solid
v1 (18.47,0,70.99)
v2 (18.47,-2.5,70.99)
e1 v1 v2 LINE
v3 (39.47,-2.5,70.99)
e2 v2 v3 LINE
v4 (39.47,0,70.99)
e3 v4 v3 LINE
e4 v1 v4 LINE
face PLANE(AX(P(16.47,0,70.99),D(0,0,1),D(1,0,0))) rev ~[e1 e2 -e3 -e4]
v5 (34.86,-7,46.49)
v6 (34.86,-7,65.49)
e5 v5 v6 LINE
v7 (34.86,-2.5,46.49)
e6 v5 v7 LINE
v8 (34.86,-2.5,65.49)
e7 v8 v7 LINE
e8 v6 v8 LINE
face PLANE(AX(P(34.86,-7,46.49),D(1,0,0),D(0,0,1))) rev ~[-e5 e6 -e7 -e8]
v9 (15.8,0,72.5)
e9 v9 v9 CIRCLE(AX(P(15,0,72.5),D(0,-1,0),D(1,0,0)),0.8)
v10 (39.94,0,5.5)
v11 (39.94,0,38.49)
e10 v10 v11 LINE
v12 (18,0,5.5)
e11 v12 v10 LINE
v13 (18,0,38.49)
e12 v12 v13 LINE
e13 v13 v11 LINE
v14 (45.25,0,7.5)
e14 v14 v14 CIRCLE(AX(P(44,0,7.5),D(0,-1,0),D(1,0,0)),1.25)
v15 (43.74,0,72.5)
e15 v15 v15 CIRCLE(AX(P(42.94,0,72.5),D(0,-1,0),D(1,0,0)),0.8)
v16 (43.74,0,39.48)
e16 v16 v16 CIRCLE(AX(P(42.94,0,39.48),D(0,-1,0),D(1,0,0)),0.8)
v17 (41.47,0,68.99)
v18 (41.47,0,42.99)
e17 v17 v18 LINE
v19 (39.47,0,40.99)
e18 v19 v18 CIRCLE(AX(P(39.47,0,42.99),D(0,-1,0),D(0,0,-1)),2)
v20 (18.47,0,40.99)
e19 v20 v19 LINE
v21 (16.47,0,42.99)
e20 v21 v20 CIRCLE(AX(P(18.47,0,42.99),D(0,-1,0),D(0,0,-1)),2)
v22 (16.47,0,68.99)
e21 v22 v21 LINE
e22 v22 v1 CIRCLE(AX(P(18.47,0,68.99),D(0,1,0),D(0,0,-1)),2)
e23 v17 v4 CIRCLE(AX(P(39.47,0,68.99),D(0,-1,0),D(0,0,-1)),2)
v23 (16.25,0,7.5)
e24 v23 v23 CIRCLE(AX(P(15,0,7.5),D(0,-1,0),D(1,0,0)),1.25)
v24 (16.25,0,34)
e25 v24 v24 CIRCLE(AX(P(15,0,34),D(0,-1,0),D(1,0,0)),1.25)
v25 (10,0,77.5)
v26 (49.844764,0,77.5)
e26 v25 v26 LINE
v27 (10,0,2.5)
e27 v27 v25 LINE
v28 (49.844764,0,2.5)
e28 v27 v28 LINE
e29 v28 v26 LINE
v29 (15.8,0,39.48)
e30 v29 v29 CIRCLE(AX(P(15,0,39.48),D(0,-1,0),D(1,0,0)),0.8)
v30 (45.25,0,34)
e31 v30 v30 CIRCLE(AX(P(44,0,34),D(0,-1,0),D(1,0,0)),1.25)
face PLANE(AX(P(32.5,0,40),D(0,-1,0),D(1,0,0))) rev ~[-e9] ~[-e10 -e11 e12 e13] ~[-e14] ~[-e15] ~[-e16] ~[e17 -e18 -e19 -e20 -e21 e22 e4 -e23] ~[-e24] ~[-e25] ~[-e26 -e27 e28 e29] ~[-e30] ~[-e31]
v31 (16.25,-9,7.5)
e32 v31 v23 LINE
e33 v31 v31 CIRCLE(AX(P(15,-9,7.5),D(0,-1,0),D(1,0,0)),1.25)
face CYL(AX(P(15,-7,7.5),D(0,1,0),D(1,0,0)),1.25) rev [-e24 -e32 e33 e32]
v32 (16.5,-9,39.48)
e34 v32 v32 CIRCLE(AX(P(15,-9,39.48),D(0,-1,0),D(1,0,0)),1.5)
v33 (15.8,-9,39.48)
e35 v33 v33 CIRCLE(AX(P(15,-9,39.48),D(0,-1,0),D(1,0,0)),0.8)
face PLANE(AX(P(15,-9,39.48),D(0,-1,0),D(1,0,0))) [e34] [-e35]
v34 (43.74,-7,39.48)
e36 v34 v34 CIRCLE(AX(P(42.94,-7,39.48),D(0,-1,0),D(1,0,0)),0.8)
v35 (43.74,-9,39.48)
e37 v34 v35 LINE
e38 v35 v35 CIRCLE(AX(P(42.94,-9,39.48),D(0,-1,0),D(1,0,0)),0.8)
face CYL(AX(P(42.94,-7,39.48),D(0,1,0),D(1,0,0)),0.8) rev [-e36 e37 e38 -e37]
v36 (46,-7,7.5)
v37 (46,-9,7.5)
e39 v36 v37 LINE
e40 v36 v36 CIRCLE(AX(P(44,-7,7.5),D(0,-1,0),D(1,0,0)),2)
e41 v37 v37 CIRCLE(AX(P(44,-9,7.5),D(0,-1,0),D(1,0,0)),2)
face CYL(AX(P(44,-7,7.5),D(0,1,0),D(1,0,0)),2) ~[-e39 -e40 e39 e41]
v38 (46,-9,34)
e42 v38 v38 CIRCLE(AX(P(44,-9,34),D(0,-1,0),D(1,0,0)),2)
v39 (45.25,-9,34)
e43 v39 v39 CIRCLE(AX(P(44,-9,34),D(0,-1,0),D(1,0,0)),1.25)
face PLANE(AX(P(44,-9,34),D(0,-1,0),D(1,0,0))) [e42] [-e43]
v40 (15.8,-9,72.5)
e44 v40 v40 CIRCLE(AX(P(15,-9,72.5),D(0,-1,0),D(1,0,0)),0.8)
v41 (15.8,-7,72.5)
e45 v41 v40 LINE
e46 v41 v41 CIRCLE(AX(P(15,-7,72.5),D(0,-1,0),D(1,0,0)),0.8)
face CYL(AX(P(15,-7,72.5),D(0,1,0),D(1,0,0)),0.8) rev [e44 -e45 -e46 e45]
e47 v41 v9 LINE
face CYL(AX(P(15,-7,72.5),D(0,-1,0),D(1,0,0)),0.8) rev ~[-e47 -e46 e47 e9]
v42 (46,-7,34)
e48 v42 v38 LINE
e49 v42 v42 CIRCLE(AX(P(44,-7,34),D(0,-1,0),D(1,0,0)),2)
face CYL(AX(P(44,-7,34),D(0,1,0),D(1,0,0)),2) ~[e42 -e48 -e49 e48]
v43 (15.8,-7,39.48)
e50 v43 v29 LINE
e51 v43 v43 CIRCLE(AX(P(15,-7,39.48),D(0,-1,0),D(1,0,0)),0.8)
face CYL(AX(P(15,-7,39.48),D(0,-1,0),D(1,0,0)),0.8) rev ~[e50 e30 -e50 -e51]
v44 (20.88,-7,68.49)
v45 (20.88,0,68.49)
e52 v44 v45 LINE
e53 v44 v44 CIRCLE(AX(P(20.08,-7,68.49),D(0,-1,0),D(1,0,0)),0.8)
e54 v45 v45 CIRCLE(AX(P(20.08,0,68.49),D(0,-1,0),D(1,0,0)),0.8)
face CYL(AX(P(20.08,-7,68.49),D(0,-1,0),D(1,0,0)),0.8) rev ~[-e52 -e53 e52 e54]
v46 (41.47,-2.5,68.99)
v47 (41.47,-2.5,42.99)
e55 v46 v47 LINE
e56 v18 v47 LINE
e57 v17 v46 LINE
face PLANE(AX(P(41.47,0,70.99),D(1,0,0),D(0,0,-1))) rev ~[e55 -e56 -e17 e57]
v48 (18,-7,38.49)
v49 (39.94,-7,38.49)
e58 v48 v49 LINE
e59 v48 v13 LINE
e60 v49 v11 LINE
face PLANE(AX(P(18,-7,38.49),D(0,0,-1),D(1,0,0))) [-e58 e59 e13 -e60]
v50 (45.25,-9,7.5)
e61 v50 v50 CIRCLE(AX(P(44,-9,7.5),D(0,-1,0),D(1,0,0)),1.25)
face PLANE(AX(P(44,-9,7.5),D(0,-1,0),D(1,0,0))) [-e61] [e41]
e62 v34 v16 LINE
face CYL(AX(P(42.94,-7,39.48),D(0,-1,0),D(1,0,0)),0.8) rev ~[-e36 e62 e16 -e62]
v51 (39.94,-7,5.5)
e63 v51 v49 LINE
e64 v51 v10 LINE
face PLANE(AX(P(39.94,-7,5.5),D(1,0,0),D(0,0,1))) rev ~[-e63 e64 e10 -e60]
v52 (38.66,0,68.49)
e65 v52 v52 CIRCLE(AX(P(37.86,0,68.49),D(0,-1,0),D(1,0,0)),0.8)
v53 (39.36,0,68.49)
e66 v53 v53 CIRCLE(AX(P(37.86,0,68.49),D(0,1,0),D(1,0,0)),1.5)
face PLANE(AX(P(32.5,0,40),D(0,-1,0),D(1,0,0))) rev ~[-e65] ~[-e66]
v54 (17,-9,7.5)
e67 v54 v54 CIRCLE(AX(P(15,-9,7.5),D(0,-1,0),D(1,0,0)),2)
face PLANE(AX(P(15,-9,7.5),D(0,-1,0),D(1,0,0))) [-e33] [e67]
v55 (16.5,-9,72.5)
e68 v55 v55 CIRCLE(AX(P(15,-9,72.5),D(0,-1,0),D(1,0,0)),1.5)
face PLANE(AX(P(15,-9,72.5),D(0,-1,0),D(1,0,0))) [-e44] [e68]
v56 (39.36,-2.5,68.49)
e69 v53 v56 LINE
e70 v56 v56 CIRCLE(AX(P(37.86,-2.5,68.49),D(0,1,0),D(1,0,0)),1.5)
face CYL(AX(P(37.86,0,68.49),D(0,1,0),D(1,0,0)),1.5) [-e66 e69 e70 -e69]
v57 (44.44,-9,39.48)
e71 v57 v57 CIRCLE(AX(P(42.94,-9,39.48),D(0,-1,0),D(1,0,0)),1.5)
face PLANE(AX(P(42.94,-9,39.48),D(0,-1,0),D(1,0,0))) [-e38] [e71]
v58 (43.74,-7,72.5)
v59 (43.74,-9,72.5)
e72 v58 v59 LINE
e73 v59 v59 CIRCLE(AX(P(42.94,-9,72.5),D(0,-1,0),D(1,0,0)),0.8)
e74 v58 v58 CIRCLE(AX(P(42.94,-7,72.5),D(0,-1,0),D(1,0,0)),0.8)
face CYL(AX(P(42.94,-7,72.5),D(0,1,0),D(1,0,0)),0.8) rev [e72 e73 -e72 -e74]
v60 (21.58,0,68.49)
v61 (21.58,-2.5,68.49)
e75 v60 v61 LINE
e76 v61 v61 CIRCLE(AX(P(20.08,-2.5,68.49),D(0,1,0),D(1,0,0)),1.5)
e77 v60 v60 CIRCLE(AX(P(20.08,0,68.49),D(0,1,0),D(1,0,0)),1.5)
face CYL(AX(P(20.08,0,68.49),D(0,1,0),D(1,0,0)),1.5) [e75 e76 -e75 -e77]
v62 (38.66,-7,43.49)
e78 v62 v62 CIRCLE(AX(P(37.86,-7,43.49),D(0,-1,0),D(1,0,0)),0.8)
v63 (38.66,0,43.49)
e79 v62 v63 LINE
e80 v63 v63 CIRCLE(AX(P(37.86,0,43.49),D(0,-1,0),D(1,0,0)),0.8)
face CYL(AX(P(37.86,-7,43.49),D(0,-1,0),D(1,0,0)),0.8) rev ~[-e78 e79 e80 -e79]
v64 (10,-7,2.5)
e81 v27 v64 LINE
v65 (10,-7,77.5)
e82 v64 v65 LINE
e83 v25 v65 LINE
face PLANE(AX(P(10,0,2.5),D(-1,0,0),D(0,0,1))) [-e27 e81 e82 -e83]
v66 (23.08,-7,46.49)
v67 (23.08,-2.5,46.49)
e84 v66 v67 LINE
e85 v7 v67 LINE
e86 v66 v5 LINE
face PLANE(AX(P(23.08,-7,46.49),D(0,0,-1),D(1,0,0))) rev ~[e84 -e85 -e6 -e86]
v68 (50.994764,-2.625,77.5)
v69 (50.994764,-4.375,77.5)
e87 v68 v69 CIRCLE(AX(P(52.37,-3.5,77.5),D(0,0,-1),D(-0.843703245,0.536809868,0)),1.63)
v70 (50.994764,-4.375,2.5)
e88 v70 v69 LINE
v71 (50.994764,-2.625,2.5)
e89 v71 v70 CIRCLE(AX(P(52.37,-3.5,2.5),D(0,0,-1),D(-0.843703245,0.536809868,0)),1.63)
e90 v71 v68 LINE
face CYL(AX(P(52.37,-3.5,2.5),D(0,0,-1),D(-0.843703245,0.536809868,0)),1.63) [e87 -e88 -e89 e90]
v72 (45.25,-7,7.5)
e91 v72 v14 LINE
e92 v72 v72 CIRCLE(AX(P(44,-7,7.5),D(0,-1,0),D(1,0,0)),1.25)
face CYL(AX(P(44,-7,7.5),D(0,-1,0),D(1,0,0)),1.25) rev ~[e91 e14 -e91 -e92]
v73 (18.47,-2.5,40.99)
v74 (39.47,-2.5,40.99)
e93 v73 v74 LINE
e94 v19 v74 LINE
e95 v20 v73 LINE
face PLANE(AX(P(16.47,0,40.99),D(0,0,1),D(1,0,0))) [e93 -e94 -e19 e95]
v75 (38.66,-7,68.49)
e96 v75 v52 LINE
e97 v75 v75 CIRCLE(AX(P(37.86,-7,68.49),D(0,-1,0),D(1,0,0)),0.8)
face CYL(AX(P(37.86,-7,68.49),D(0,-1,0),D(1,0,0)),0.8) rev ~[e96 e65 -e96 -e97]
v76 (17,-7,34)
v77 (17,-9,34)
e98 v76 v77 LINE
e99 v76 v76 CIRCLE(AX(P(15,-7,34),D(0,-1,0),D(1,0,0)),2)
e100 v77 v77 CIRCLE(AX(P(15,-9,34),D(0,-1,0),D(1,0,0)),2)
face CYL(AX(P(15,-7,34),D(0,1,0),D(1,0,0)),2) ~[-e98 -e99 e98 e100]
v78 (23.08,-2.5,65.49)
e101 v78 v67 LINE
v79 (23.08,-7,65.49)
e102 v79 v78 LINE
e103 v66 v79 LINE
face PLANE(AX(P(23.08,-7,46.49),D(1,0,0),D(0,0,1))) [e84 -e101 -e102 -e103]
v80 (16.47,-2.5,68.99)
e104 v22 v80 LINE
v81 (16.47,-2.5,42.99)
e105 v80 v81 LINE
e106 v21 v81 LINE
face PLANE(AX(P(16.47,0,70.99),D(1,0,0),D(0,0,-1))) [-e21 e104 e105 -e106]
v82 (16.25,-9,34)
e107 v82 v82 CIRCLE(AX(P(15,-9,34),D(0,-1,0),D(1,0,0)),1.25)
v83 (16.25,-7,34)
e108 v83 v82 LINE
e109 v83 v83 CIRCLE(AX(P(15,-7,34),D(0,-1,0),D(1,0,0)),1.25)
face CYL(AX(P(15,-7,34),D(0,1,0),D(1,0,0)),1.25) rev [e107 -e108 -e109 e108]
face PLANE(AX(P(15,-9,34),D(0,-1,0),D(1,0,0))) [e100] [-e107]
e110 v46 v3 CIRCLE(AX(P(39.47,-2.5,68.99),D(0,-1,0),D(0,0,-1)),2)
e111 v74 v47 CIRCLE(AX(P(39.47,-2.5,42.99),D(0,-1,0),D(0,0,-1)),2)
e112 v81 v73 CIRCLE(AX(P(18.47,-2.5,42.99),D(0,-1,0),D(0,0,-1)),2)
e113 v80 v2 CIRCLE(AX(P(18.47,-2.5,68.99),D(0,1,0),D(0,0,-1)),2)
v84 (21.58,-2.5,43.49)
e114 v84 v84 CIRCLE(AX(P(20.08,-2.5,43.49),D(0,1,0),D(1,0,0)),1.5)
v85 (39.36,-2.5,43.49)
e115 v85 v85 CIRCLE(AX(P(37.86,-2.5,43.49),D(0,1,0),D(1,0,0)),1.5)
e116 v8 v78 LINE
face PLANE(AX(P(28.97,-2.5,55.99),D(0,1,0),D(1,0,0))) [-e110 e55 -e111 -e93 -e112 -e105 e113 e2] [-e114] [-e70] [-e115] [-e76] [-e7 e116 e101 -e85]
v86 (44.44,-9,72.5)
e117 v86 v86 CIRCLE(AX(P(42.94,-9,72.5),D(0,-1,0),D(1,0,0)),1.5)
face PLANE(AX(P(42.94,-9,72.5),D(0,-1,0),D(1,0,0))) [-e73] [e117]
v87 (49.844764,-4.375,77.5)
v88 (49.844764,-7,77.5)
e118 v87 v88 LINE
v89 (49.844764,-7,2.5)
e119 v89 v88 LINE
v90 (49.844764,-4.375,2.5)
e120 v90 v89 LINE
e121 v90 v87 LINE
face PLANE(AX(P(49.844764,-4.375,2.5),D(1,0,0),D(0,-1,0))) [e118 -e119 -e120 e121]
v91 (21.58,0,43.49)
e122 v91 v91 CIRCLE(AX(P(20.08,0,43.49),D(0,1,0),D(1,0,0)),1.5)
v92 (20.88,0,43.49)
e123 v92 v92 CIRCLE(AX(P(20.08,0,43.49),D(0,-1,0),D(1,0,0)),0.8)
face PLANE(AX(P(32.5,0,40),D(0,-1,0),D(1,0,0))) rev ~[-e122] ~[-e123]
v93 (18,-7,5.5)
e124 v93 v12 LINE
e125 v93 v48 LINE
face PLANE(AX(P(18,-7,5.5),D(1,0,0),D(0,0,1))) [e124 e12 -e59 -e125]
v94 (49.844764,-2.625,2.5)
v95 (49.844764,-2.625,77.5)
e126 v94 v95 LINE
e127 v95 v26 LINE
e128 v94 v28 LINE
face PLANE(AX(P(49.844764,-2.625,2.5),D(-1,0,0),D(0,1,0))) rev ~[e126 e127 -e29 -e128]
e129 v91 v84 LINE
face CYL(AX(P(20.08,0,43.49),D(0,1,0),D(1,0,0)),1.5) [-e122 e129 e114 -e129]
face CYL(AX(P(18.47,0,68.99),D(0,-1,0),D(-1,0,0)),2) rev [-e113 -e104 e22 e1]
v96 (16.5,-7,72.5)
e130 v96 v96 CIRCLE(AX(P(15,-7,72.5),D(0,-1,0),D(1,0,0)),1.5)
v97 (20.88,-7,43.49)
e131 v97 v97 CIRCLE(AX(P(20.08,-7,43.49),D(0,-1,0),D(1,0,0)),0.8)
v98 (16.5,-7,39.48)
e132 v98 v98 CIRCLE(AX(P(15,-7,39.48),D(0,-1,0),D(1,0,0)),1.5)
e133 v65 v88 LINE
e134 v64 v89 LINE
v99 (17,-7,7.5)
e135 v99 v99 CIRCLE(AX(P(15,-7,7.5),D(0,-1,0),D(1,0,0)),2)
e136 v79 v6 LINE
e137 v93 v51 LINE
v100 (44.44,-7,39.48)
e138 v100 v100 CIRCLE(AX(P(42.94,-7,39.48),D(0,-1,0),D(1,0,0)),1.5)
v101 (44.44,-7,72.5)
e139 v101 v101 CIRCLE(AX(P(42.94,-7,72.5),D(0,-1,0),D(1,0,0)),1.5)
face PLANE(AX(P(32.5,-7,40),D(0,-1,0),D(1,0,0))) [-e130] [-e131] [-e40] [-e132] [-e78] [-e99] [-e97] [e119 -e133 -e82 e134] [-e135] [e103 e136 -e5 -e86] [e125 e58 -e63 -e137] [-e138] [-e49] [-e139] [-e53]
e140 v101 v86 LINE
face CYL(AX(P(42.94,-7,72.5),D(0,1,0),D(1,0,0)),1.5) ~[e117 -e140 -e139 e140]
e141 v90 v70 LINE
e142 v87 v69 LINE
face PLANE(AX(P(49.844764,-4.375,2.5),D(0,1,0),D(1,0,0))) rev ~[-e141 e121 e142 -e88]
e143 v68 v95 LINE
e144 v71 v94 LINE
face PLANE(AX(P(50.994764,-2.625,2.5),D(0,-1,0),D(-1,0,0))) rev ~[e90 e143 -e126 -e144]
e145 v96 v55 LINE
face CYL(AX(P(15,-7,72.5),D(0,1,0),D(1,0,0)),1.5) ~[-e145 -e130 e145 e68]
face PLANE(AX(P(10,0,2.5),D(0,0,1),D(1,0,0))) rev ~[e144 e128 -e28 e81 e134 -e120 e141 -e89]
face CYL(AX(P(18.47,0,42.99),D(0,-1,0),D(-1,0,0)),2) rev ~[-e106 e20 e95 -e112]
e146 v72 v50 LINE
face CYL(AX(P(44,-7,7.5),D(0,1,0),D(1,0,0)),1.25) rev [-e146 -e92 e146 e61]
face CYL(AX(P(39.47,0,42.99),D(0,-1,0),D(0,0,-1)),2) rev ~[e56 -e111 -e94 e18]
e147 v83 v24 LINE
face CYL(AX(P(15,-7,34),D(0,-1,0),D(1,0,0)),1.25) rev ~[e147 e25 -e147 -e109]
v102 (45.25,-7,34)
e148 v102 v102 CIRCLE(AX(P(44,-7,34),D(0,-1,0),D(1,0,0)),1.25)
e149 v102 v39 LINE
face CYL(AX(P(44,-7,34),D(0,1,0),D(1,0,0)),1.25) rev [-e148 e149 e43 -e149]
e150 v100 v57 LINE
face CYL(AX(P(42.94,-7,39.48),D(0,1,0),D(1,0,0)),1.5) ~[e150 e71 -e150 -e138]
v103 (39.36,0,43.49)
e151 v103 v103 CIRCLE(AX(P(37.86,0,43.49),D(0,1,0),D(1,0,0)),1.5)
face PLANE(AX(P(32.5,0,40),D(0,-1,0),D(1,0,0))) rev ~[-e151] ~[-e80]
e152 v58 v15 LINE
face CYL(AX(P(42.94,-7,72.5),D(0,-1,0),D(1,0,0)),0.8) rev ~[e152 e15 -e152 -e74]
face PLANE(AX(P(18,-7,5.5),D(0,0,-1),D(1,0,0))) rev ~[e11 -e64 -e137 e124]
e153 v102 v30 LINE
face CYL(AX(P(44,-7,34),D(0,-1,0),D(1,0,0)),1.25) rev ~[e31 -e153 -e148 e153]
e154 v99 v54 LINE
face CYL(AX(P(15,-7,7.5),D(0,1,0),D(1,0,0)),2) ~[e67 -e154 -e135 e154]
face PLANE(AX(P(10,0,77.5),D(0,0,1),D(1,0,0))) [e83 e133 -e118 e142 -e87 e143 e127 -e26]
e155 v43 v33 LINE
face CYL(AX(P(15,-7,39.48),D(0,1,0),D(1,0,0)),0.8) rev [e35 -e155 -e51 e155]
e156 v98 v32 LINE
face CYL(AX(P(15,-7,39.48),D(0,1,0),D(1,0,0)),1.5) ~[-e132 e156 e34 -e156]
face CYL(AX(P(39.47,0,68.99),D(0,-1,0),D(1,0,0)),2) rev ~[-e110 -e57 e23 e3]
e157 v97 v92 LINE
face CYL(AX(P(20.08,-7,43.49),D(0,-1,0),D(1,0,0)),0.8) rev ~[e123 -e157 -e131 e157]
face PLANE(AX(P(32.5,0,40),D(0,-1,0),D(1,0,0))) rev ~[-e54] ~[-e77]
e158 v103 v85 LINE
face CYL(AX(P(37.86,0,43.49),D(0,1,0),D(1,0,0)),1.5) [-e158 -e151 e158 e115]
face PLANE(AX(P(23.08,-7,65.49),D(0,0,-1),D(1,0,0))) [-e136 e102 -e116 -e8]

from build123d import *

# Parameters (mm, degrees)
SKETCH003_W     = 45
SKETCH003_H     = 75
PAD001_DEPTH    = 7
SKETCH004_R     = 0.8
SKETCH004_R_2   = 1.25
POCKET_DEPTH    = 7
POCKET002_DEPTH = 75
SKETCH007_R     = 2
SKETCH007_R_2   = 1.25
SKETCH007_R_3   = 1.5
SKETCH007_R_4   = 0.8
PAD002_DEPTH    = 2
SKETCH008_W     = 25
SKETCH008_H     = 30
SKETCH008_R     = 1.5
POCKET003_DEPTH = 2.5
FILLET_R        = 2
SKETCH009_W     = 11.78
SKETCH009_H     = 19
SKETCH009_W_2   = 21.94
SKETCH009_H_2   = 32.99
POCKET004_DEPTH = 7


with BuildPart() as part:
    # Sketch003 → Pad001 (new body)
    with BuildSketch(Plane.XZ):
        with Locations((32.5, 40)):
            Rectangle(SKETCH003_W, SKETCH003_H)
    extrude(amount=PAD001_DEPTH)

    # Sketch004 (on Face6 of Pad001) → Pocket (cut)
    with BuildSketch(Plane.XZ.offset(7)):
        with Locations((15, 39.48)):
            Circle(SKETCH004_R)
        with Locations((15, 72.5)):
            Circle(SKETCH004_R)
        with Locations((42.94, 39.48)):
            Circle(SKETCH004_R)
        with Locations((42.94, 72.5)):
            Circle(SKETCH004_R)
        with Locations((20.08, 43.49)):
            Circle(SKETCH004_R)
        with Locations((20.08, 68.49)):
            Circle(SKETCH004_R)
        with Locations((37.86, 68.49)):
            Circle(SKETCH004_R)
        with Locations((37.86, 43.49)):
            Circle(SKETCH004_R)
        with Locations((15, 7.5)):
            Circle(SKETCH004_R_2)
        with Locations((15, 34)):
            Circle(SKETCH004_R_2)
        with Locations((44, 34)):
            Circle(SKETCH004_R_2)
        with Locations((44, 7.5)):
            Circle(SKETCH004_R_2)
    extrude(amount=-POCKET_DEPTH, mode=Mode.SUBTRACT)

    # Sketch006 (on Face6 of Pocket) → Pocket002 (cut)
    with BuildSketch(Plane(origin=(0, 0, 2.5), x_dir=(1, 0, 0), z_dir=(0, 0, -1))):
        with BuildLine():
            Line((50.994764, 2.625), (49.844764, 2.625))
            Line((49.844764, 2.625), (49.844764, 0))
            Line((49.844764, 0), (55, 0))
            Line((55, 0), (55, 7))
            Line((49.844764, 7), (55, 7))
            Line((49.844764, 4.375), (49.844764, 7))
            Line((49.844764, 4.375), (50.994764, 4.375))
            ThreePointArc((50.994764, 2.625), (54, 3.5), (50.994764, 4.375))
        make_face()
    extrude(amount=-POCKET002_DEPTH, mode=Mode.SUBTRACT)

    # Sketch007 (on Face8 of Pocket002) → Pad002 (join)
    with BuildSketch(Plane.XZ.offset(7)):
        with Locations((15, 7.5)):
            Circle(SKETCH007_R)
        with Locations((15, 7.5)):
            Circle(SKETCH007_R_2, mode=Mode.SUBTRACT)
        with Locations((15, 34)):
            Circle(SKETCH007_R)
        with Locations((15, 34)):
            Circle(SKETCH007_R_2, mode=Mode.SUBTRACT)
        with Locations((44, 7.5)):
            Circle(SKETCH007_R)
        with Locations((44, 7.5)):
            Circle(SKETCH007_R_2, mode=Mode.SUBTRACT)
        with Locations((44, 34)):
            Circle(SKETCH007_R)
        with Locations((44, 34)):
            Circle(SKETCH007_R_2, mode=Mode.SUBTRACT)
        with Locations((15, 39.48)):
            Circle(SKETCH007_R_3)
        with Locations((15, 39.48)):
            Circle(SKETCH007_R_4, mode=Mode.SUBTRACT)
        with Locations((15, 72.5)):
            Circle(SKETCH007_R_3)
        with Locations((15, 72.5)):
            Circle(SKETCH007_R_4, mode=Mode.SUBTRACT)
        with Locations((42.94, 39.48)):
            Circle(SKETCH007_R_3)
        with Locations((42.94, 39.48)):
            Circle(SKETCH007_R_4, mode=Mode.SUBTRACT)
        with Locations((42.94, 72.5)):
            Circle(SKETCH007_R_3)
        with Locations((42.94, 72.5)):
            Circle(SKETCH007_R_4, mode=Mode.SUBTRACT)
    extrude(amount=PAD002_DEPTH)

    # Sketch008 (on Face2 of Pad002) → Pocket003 (cut)
    with BuildSketch(Plane(origin=(0, 0, 0), x_dir=(1, 0, 0), z_dir=(0, 1, 0))):
        with Locations((28.97, -55.99)):
            Rectangle(SKETCH008_W, SKETCH008_H)
        with Locations((20.08, -43.49)):
            Circle(SKETCH008_R, mode=Mode.SUBTRACT)
        with Locations((37.86, -43.49)):
            Circle(SKETCH008_R, mode=Mode.SUBTRACT)
        with Locations((20.08, -68.49)):
            Circle(SKETCH008_R, mode=Mode.SUBTRACT)
        with Locations((37.86, -68.49)):
            Circle(SKETCH008_R, mode=Mode.SUBTRACT)
    extrude(amount=-POCKET003_DEPTH, mode=Mode.SUBTRACT)

    # Fillet
    fillet_edges = [part.edges().sort_by_distance(p)[0] for p in [
        (16.47, -1.25, 40.99),
        (41.47, -1.25, 40.99),
        (41.47, -1.25, 70.99),
        (16.47, -1.25, 70.99),
    ]]
    fillet(fillet_edges, radius=FILLET_R)

    # Sketch009 (on Face23 of Fillet) → Pocket004 (cut)
    with BuildSketch(Plane.XZ.offset(7)):
        with Locations((28.97, 55.99)):
            Rectangle(SKETCH009_W, SKETCH009_H)
        with Locations((28.97, 21.995)):
            Rectangle(SKETCH009_W_2, SKETCH009_H_2)
    extrude(amount=-POCKET004_DEPTH, mode=Mode.SUBTRACT)


solid = part.part
